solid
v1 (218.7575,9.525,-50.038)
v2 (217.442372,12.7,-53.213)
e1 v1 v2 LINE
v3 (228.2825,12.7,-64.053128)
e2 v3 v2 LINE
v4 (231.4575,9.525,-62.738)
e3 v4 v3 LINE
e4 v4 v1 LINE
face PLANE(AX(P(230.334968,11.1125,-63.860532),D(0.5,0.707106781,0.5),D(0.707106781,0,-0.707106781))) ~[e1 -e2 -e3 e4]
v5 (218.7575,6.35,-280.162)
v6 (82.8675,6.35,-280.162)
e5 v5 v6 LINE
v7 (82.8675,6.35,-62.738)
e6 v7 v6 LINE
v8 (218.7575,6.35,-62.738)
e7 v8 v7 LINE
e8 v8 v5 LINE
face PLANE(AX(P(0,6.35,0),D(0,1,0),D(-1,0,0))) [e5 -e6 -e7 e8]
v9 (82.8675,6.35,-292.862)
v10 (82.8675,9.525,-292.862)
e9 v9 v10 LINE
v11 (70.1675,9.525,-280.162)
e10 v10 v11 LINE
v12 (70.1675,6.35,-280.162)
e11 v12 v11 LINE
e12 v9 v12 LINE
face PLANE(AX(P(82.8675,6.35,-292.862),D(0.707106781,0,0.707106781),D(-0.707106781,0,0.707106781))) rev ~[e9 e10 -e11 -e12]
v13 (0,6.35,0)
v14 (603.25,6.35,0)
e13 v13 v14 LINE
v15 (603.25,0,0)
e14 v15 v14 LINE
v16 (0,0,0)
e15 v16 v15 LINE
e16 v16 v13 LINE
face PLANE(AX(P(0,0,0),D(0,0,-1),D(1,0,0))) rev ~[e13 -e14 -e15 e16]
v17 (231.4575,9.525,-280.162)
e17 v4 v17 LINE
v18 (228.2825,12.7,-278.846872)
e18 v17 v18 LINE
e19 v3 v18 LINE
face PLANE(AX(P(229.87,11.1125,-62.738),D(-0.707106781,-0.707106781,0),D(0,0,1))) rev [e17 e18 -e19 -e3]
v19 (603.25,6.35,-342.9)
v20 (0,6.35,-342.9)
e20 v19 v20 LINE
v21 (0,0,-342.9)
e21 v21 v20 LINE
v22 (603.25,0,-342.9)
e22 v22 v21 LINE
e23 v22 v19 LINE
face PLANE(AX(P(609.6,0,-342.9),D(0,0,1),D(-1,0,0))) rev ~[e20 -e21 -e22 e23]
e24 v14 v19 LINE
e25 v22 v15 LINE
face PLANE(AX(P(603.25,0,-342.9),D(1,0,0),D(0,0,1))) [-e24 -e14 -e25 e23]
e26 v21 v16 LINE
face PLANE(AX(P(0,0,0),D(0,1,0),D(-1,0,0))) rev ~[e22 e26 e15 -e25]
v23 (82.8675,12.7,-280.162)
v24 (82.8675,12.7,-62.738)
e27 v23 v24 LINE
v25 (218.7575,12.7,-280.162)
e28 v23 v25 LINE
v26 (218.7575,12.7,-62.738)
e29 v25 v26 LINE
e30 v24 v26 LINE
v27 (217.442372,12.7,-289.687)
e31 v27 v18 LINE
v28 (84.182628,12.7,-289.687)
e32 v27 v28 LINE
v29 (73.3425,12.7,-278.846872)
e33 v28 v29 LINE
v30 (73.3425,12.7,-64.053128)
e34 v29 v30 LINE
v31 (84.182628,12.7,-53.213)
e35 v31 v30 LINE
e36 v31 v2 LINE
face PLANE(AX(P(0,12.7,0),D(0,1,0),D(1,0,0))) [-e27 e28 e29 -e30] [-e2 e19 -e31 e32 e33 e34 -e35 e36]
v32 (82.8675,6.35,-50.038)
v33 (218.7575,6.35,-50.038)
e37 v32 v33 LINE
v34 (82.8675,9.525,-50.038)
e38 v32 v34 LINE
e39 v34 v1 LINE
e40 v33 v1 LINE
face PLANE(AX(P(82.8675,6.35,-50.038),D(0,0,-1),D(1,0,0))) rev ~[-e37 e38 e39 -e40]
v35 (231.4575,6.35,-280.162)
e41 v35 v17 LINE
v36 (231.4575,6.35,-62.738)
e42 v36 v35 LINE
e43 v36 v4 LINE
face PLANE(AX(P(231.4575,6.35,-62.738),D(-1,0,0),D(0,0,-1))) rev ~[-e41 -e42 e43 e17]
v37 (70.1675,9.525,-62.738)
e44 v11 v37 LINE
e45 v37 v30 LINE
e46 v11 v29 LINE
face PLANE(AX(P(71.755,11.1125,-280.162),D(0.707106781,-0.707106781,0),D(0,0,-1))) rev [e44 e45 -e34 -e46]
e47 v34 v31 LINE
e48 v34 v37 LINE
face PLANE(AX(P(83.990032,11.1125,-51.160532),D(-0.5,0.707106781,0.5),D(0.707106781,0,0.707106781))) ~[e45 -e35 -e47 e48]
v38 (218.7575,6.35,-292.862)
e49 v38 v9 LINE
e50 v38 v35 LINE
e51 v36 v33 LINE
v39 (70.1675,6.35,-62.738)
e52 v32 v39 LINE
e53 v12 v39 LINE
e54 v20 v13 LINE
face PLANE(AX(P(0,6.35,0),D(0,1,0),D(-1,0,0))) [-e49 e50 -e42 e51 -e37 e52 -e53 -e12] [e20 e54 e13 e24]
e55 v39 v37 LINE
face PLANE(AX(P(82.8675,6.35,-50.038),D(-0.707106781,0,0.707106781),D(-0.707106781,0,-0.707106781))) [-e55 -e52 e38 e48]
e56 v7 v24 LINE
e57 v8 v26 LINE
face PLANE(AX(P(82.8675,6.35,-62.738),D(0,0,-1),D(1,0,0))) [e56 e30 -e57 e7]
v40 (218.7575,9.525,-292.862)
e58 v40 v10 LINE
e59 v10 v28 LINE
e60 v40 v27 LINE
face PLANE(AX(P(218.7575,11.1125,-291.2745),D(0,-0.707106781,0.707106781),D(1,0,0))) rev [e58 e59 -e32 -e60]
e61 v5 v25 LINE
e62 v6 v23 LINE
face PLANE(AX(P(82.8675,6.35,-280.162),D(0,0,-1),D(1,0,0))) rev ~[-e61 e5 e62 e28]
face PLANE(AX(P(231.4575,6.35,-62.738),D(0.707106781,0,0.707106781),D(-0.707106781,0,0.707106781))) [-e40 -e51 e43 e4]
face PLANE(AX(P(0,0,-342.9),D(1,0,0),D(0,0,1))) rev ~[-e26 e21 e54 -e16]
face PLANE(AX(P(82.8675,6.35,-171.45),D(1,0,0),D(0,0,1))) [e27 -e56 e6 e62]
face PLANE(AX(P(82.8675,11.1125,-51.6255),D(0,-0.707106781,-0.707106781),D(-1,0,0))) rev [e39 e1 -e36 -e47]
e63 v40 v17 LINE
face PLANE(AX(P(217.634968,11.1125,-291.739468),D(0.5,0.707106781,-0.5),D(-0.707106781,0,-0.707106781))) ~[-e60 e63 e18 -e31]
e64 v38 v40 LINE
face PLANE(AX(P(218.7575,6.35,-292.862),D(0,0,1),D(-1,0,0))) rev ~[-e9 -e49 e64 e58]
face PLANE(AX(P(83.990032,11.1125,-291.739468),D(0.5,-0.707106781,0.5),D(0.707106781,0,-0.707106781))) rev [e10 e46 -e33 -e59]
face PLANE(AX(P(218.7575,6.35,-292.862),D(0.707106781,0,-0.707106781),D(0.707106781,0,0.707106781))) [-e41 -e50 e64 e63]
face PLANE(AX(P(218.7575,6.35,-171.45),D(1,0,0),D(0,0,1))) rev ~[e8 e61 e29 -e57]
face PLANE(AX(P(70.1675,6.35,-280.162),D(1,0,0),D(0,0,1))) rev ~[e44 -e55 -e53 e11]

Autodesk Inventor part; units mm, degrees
ref_plane "YZ Plane" through (0, 0, 0) normal (1, 0, 0) x (0, 1, 0)
ref_plane "XZ Plane" through (0, 0, 0) normal (0, 1, 0) x (-1, 0, 0)
ref_plane "XY Plane" through (0, 0, 0) normal (0, 0, 1) x (1, 0, 0)
sketch "Sketch1" plane through (0, 0, 0) normal (0, 1, 0) x (-1, 0, 0)
  line L0 (0, 0) -> (-609.6, 0)
  line L1 (-609.6, 0) -> (-609.6, -342.9)
  line L2 (-609.6, -342.9) -> (0, -342.9)
  line L3 (0, -342.9) -> (0, 0)
  dimension "d0" = 609.6
  dimension "d1" = 342.9
  dimension "d2" = 609.6
extrude "Extrusion1" add sketch "Sketch1" along normal blind 6.35
sketch "Sketch2" plane through (0, 0, 0) normal (0, 1, 0) x (-1, 0, 0)
  line L0 (-609.6, -342.9) -> (0, -342.9) projected
  line L1 (0, 0) -> (-609.6, 0) projected
  line L2 (-609.6, -342.9) -> (-603.25, -342.9)
  line L3 (-603.25, -342.9) -> (-603.25, 0)
  line L4 (-603.25, 0) -> (-609.6, 0)
  line L5 (-609.6, 0) -> (-609.6, -342.9)
  dimension "d5" = 6.35
extrude "Extrusion2" cut sketch "Sketch2" along normal blind 231.775
sketch "Sketch3" plane through (0, 6.35, 0) normal (0, 1, 0) x (1, 0, 0)
  line L0 (603.25, 0) -> (603.25, 342.9) projected
  line L1 (0, 342.9) -> (0, 0) projected
  dimension "d8" = 603.25
sketch "Sketch4" plane through (0, 6.35, 0) normal (0, 1, 0) x (1, 0, 0)
  line L0 (603.25, 342.9) -> (0, 342.9) projected
  line L1 (0, 0) -> (603.25, 0) projected
  line L2 (0, 342.9) -> (0, 0) projected
  line L3 (0, 0) -> (301.625, 0)
  line L4 (301.625, 0) -> (301.625, 342.9)
  line L5 (301.625, 0) -> (452.4375, 0)
  line L6 (82.8675, 171.45) -> (82.8675, 280.162)
  line L7 (82.8675, 280.162) -> (150.8125, 280.162)
  line L8 (82.8675, 171.45) -> (82.8675, 62.738)
  line L9 (82.8675, 62.738) -> (150.8125, 62.738)
  line L10 (218.7575, 280.162) -> (150.8125, 280.162)
  line L11 (218.7575, 171.45) -> (218.7575, 280.162)
  line L12 (218.7575, 171.45) -> (218.7575, 62.738)
  line L13 (218.7575, 62.738) -> (150.8125, 62.738)
  line L14 (218.7575, 280.162) -> (218.7575, 292.862)
  line L15 (218.7575, 292.862) -> (82.8675, 292.862)
  line L16 (82.8675, 292.862) -> (82.8675, 280.162)
  line L17 (87.7385, 280.162) -> (75.0385, 280.162)
  line L18 (77.9965, 62.738) -> (87.7385, 62.738)
  line L19 (82.8675, 280.162) -> (70.1675, 280.162)
  line L20 (70.1675, 280.162) -> (70.1675, 62.738)
  line L21 (70.1675, 62.738) -> (82.8675, 62.738)
  line L22 (82.8675, 62.738) -> (82.8675, 50.038)
  line L23 (82.8675, 50.038) -> (218.7575, 50.038)
  line L24 (218.7575, 50.038) -> (218.7575, 62.738)
  line L25 (218.7575, 62.738) -> (231.4575, 62.738)
  line L26 (231.4575, 62.738) -> (231.4575, 280.162)
  line L27 (231.4575, 280.162) -> (218.7575, 280.162)
  line L28 (231.4575, 62.738) -> (218.7575, 50.038)
  line L29 (82.8675, 50.038) -> (70.1675, 62.738)
  line L30 (70.1675, 62.738) -> (70.1675, 280.162)
  line L31 (82.8675, 292.862) -> (70.1675, 280.162)
  line L32 (218.7575, 292.862) -> (231.4575, 280.162)
  dimension "d9" = 342.9
  dimension "d10" = 301.625
  dimension "d11" = 150.8125
extrude "Extrusion3" add sketch "Sketch4" along normal blind 6.35 contours L8 L18 L21 L20 L19 L17 L6 | L16 L15 L14 L10 L7 | L17 L19 L31 L16 | L22 L29 L21 L18 | L9 L13 L24 L23 L22 | L32 L27 L14 | L24 L25 L28 | L27 L26 L25 L12 L11
chamfer "Chamfer1" distance 3.175 angle 45 8 edges at (70.1675, 12.7, -171.45) (76.5175, 12.7, -286.512) (150.8125, 12.7, -292.862) (225.1075, 12.7, -286.512) (231.4575, 12.7, -171.45) (225.1075, 12.7, -56.388) (150.8125, 12.7, -50.038) (76.5175, 12.7, -56.388)
properties part number "UpperHalfofFrontBack_Ocampo"
